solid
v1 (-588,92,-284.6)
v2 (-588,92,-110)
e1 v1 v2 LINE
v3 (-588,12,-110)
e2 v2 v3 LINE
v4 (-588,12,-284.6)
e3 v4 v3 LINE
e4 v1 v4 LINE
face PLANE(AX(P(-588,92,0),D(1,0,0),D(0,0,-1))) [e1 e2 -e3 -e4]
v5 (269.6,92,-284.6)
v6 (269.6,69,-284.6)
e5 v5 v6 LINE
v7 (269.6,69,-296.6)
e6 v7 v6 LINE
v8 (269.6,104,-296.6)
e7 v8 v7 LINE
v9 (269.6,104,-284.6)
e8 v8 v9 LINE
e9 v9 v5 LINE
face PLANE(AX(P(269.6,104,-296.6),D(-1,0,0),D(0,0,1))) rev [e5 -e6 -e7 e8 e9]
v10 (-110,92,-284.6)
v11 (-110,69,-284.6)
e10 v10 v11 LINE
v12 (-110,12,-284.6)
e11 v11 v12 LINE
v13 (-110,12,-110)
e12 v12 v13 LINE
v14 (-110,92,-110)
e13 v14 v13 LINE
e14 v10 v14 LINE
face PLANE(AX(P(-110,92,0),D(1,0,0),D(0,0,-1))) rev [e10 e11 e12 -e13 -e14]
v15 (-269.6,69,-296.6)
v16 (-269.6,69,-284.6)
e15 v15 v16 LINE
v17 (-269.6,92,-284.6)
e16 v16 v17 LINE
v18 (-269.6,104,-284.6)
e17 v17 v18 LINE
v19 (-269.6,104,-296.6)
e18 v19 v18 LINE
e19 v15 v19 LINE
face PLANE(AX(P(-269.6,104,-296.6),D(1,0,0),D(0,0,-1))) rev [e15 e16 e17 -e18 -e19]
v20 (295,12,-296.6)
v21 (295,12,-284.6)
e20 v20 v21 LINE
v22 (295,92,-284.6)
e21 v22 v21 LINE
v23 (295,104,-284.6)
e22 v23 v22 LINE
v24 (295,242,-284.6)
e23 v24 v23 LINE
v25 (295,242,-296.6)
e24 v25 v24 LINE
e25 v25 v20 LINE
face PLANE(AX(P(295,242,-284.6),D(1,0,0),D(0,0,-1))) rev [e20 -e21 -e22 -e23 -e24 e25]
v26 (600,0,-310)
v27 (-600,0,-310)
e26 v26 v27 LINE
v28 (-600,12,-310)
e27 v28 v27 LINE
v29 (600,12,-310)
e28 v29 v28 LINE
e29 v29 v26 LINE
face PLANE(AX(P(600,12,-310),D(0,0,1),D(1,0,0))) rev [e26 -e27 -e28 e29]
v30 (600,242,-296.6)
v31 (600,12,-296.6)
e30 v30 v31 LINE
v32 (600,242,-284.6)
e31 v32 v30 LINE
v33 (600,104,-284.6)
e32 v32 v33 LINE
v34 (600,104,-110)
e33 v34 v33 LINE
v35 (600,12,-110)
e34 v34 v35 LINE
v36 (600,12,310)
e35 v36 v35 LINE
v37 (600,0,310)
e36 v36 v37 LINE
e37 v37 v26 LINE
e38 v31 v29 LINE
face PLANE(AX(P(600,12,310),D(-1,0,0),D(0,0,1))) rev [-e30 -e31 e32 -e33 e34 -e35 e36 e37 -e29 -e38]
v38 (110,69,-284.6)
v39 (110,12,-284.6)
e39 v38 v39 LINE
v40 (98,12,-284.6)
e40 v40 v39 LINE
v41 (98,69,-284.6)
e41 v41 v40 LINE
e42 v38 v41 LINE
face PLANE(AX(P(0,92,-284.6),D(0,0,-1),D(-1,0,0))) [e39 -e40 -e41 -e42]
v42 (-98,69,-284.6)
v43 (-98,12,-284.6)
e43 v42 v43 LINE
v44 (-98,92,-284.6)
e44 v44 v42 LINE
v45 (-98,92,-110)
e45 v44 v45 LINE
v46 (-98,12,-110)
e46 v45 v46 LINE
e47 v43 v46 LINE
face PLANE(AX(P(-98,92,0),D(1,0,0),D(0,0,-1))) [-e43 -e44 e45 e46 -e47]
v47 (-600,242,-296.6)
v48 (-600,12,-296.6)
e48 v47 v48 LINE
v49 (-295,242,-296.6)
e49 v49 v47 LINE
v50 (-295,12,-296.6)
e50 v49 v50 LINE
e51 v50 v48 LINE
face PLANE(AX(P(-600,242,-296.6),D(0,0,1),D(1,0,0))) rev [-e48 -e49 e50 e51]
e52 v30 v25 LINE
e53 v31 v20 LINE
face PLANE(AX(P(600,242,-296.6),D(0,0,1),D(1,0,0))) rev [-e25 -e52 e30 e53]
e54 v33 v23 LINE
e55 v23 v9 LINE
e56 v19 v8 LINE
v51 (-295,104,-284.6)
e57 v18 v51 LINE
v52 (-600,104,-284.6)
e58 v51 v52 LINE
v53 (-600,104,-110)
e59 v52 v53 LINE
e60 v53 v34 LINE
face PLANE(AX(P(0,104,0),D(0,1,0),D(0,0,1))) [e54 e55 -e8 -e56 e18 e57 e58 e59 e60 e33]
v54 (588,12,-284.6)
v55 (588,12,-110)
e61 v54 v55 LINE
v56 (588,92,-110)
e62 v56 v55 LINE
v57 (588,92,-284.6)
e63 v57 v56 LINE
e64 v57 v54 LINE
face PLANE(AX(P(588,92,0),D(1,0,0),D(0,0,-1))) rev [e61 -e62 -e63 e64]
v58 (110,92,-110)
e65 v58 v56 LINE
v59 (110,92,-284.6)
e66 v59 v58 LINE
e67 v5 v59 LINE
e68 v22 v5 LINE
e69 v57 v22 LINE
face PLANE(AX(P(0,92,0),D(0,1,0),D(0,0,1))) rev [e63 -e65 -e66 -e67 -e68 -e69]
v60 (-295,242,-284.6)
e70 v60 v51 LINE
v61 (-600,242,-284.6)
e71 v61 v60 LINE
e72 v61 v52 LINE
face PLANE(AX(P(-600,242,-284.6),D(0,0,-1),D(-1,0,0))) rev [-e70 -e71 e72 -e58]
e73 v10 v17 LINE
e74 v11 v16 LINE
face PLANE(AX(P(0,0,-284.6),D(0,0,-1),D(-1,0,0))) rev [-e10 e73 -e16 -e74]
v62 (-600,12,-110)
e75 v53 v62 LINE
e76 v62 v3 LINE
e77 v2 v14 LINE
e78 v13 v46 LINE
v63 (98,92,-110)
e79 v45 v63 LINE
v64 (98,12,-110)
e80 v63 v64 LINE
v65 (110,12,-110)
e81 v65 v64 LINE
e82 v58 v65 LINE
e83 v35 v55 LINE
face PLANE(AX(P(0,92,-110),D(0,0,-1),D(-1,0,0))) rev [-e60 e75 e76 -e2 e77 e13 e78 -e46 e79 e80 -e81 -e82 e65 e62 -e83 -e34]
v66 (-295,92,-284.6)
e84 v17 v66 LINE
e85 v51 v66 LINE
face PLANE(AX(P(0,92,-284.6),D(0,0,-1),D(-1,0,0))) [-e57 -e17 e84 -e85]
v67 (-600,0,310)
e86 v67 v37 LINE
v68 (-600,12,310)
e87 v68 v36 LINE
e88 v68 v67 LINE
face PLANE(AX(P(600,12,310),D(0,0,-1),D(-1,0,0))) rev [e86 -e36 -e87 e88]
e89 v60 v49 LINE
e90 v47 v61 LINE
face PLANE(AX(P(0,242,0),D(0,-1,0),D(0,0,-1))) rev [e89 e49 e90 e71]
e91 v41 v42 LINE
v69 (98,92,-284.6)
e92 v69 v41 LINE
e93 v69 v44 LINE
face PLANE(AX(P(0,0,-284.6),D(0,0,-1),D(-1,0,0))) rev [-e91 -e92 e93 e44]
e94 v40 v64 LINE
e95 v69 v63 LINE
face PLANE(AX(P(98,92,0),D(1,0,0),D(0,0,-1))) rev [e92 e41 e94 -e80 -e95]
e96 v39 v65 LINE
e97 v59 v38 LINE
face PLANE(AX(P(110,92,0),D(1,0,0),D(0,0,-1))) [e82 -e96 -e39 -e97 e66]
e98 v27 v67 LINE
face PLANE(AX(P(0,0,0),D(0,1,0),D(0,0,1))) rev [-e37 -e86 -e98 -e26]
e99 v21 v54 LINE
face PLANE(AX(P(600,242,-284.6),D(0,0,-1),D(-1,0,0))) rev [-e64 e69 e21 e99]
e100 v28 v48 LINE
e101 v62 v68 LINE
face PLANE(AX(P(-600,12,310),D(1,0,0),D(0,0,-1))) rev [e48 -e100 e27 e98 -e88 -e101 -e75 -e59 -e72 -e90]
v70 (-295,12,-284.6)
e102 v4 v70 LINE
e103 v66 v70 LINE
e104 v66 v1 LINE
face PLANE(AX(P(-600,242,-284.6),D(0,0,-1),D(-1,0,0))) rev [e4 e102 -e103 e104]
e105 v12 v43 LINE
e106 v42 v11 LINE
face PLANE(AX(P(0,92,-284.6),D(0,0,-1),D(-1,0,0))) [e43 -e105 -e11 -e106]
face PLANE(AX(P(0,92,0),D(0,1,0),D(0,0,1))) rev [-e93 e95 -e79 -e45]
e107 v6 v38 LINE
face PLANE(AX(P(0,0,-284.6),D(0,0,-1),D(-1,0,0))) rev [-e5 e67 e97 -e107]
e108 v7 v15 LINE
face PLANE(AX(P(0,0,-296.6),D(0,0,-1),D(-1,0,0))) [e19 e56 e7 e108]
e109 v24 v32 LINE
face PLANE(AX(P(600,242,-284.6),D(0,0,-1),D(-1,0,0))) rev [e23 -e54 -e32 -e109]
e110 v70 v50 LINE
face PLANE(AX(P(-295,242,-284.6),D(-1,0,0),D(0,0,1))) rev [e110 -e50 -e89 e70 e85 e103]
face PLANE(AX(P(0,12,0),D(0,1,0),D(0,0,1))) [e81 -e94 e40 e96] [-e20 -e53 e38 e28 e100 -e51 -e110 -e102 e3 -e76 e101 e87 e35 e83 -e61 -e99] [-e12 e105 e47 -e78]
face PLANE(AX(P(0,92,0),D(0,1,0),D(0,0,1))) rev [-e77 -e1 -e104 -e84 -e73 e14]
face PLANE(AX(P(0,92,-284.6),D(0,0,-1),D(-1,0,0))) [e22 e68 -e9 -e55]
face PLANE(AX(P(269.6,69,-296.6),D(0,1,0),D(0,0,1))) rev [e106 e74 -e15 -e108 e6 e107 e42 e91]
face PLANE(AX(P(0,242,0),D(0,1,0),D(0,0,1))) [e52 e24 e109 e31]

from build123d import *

# Parameters (mm, degrees)
SKETCH1_W           = 1200
SKETCH1_H           = 620
BOSS_EXTRUDE1_DEPTH = 12
SKETCH2_W           = 12
SKETCH2_H           = 174.6
BOSS_EXTRUDE2_DEPTH = 80
SKETCH6_W           = 1200
SKETCH6_H           = 174.6
BOSS_EXTRUDE5_DEPTH = 12
SKETCH7_W           = 305
SKETCH7_H           = 12
BOSS_EXTRUDE6_DEPTH = 230
SKETCH8_W           = 539.2
SKETCH8_H           = 35
BOSS_EXTRUDE7_DEPTH = 12


with BuildPart() as part:
    # Sketch1 → Boss-Extrude1 (new body)
    with BuildSketch(Plane(origin=(0, 0, 0), x_dir=(1, 0, 0), z_dir=(0, 1, 0))):
        Rectangle(SKETCH1_W, SKETCH1_H)
    extrude(amount=BOSS_EXTRUDE1_DEPTH)

    # Sketch2 → Boss-Extrude2 (add)
    with BuildSketch(Plane(origin=(0, 12, 0), x_dir=(1, 0, 0), z_dir=(0, 1, 0))):
        with Locations((-594, 197.3)):
            Rectangle(SKETCH2_W, SKETCH2_H)
        with Locations((-104, 197.3)):
            Rectangle(SKETCH2_W, SKETCH2_H)
        with Locations((104, 197.3)):
            Rectangle(SKETCH2_W, SKETCH2_H)
        with Locations((594, 197.3)):
            Rectangle(SKETCH2_W, SKETCH2_H)
    extrude(amount=BOSS_EXTRUDE2_DEPTH)

    # Sketch6 → Boss-Extrude5 (add)
    with BuildSketch(Plane(origin=(0, 92, 0), x_dir=(1, 0, 0), z_dir=(0, 1, 0))):
        with Locations((0, 197.3)):
            Rectangle(SKETCH6_W, SKETCH6_H)
    extrude(amount=BOSS_EXTRUDE5_DEPTH)

    # Sketch7 → Boss-Extrude6 (add)
    with BuildSketch(Plane(origin=(0, 12, 0), x_dir=(1, 0, 0), z_dir=(0, 1, 0))):
        with Locations((-447.5, 290.6)):
            Rectangle(SKETCH7_W, SKETCH7_H)
        with Locations((447.5, 290.6)):
            Rectangle(SKETCH7_W, SKETCH7_H)
    extrude(amount=BOSS_EXTRUDE6_DEPTH)

    # Sketch8 → Boss-Extrude7 (add)
    with BuildSketch(Plane(origin=(0, 0, -284.6), x_dir=(-1, 0, 0), z_dir=(0, 0, -1))):
        with Locations((0, 86.5)):
            Rectangle(SKETCH8_W, SKETCH8_H)
    extrude(amount=BOSS_EXTRUDE7_DEPTH)


solid = part.part
